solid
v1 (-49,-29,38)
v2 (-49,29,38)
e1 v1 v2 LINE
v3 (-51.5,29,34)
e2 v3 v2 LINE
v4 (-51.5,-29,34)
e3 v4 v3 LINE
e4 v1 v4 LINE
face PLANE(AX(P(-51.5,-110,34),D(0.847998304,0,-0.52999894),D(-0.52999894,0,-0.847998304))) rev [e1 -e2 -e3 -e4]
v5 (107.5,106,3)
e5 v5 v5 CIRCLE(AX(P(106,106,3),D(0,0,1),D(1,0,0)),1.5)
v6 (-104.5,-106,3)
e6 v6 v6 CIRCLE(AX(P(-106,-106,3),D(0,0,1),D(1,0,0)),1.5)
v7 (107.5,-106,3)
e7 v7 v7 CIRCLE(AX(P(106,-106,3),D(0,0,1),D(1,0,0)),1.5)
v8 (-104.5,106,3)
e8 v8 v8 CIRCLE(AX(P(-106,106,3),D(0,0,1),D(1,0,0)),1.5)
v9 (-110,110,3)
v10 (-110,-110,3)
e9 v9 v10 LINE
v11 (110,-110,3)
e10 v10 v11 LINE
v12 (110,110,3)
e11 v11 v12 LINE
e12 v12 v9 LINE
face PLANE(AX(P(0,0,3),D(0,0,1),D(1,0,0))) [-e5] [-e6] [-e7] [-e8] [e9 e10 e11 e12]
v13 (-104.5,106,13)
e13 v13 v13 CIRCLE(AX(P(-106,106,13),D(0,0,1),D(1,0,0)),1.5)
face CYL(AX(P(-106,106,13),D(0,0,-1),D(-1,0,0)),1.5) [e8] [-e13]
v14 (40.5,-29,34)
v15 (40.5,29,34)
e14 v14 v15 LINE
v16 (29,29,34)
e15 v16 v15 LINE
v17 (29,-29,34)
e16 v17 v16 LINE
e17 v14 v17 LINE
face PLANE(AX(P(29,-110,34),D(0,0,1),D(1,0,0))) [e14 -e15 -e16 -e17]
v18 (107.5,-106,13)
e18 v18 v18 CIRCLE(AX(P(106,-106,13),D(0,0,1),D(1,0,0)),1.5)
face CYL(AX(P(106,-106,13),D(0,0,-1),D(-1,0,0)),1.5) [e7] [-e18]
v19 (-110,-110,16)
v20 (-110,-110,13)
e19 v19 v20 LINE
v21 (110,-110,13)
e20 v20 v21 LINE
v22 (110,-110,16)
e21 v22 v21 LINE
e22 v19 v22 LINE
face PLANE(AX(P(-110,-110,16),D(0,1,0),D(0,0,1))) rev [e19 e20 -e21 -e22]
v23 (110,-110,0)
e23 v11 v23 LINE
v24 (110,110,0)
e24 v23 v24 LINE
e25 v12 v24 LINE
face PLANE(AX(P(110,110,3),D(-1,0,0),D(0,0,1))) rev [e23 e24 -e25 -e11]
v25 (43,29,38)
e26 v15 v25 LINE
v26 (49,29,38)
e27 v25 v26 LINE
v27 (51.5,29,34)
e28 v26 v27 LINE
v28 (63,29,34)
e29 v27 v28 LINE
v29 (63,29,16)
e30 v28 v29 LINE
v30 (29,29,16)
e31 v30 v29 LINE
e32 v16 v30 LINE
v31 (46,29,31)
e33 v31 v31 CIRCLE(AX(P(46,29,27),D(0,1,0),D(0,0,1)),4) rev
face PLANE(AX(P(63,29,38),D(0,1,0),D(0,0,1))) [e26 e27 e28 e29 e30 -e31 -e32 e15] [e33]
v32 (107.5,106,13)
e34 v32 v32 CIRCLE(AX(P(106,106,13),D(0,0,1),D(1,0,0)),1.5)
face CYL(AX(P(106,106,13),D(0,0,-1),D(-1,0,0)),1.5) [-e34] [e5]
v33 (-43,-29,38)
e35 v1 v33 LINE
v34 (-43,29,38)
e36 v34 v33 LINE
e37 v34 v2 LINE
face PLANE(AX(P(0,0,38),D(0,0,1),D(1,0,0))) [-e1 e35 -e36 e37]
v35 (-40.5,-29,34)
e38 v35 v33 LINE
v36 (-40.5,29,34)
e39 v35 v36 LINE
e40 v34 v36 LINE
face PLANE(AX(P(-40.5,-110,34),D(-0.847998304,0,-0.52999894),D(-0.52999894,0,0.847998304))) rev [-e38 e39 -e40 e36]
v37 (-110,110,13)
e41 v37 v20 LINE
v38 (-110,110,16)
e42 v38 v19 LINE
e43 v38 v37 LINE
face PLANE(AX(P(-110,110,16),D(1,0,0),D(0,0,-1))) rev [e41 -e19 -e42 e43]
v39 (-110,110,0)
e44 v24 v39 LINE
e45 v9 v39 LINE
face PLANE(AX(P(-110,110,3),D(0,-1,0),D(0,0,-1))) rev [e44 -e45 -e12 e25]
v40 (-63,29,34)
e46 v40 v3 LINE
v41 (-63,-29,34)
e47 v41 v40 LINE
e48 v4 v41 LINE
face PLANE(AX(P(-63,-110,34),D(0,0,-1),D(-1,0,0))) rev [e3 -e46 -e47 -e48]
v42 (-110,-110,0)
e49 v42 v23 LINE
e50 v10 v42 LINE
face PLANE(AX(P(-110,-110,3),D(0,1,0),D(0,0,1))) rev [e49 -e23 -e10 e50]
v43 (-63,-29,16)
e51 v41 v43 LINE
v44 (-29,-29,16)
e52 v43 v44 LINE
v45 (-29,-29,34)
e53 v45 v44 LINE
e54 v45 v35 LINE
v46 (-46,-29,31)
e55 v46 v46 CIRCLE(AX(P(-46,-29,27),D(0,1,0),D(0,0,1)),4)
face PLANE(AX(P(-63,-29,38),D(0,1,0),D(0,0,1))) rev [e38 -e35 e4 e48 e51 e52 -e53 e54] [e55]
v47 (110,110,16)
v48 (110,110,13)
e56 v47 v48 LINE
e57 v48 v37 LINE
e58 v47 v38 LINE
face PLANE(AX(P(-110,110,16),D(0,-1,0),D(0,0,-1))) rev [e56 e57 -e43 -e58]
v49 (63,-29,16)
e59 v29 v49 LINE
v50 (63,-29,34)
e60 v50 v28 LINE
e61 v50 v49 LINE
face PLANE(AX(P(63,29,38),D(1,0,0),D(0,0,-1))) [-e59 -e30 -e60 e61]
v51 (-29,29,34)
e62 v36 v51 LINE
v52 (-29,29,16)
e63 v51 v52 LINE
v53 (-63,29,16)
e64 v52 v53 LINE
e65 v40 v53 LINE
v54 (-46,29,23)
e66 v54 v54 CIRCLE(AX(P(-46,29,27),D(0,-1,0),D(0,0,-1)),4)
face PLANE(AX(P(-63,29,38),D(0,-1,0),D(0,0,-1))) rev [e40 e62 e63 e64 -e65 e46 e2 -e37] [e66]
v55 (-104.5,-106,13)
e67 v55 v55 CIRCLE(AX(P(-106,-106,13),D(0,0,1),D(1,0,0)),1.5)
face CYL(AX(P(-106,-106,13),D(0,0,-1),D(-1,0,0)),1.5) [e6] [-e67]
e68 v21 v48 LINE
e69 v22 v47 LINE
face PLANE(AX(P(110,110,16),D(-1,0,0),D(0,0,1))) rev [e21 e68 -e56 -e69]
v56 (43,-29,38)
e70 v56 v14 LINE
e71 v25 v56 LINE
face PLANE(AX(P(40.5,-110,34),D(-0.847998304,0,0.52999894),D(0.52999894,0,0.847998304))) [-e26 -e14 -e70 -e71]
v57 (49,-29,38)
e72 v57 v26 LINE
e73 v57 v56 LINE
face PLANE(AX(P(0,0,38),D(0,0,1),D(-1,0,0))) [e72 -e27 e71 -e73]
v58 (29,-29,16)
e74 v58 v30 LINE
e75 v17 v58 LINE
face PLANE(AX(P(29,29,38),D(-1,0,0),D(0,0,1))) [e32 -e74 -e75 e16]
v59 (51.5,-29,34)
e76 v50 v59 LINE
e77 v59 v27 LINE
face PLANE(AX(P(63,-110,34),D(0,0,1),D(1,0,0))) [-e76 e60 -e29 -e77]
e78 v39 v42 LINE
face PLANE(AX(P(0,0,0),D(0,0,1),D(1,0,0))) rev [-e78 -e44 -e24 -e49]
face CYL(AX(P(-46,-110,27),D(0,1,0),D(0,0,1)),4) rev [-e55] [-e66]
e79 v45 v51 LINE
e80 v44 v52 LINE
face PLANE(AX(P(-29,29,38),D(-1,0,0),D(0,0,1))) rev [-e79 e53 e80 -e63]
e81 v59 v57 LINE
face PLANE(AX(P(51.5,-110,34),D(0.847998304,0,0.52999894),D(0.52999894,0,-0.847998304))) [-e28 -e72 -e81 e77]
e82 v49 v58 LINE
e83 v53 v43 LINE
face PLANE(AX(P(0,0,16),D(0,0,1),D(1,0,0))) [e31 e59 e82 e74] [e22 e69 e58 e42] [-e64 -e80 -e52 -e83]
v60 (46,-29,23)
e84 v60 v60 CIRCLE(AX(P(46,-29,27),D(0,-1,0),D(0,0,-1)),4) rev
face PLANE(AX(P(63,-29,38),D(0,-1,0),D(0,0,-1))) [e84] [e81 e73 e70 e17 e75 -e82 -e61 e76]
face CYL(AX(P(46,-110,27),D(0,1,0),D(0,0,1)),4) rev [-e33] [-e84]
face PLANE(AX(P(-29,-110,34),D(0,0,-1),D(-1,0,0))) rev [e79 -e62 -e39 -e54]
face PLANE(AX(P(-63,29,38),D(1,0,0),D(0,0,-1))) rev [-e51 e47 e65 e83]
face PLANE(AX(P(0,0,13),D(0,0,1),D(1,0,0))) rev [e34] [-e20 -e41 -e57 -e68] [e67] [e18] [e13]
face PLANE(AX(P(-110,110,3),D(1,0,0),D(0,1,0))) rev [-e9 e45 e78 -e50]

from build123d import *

# Parameters (mm, degrees)
SKETCH_1_W          = 220
SKETCH_1_H          = 220
EXTRUDE_1_DEPTH     = 3
SKETCH_2_R          = 1.5
EXTRUDE_2_DEPTH     = 10
SKETCH_3_W          = 220
SKETCH_3_H          = 220
EXTRUDE_3_DEPTH     = 3
SKETCH_4_W          = 34
SKETCH_4_H          = 58
EXTRUDE_4_DEPTH     = 22
SKETCH_5_R          = 4
CUT_EXTRUDE_1_DEPTH = 182.287065176


with BuildPart() as part:
    # 草圖1 → 填料-伸長1 (new body)
    with BuildSketch(Plane.XY):
        Rectangle(SKETCH_1_W, SKETCH_1_H)
    extrude(amount=EXTRUDE_1_DEPTH)

    # 草圖2 → 填料-伸長2 (add)
    with BuildSketch(Plane.XY.offset(3)):
        with Locations((-106, 106)):
            Circle(SKETCH_2_R)
        with Locations((106, 106)):
            Circle(SKETCH_2_R)
        with Locations((106, -106)):
            Circle(SKETCH_2_R)
        with Locations((-106, -106)):
            Circle(SKETCH_2_R)
    extrude(amount=EXTRUDE_2_DEPTH)

    # 草圖3 → 填料-伸長3 (add)
    with BuildSketch(Plane.XY.offset(13)):
        Rectangle(SKETCH_3_W, SKETCH_3_H)
    extrude(amount=EXTRUDE_3_DEPTH)

    # 草圖4 → 填料-伸長4 (add)
    with BuildSketch(Plane.XY.offset(16)):
        with Locations((-46, 0)):
            Rectangle(SKETCH_4_W, SKETCH_4_H)
    extrude_4 = extrude(amount=EXTRUDE_4_DEPTH)

    # 草圖5 → 除料-伸長1 (cut, symmetric)
    with BuildSketch(Plane(origin=(0, 29, 0), x_dir=(1, 0, 0), z_dir=(0, 1, 0))):
        with Locations(Location((-46, -27, 0), (0, 0, 270))):
            Circle(SKETCH_5_R)
        Polygon((-63, -34), (-51.5, -34), (-49, -38), (-63, -38), align=None)
        Polygon((-29, -38), (-29, -34), (-40.5, -34), (-43, -38), align=None)
    cut_extrude_1 = extrude(amount=CUT_EXTRUDE_1_DEPTH, both=True, mode=Mode.SUBTRACT)

    # 鏡射1: 填料-伸長4, 除料-伸長1 across plane
    add(extrude_4.mirror(Plane(origin=(0, 0, 0), x_dir=(0, 0, 1), z_dir=(1, 0, 0))))
    add(cut_extrude_1.mirror(Plane(origin=(0, 0, 0), x_dir=(0, 0, 1), z_dir=(1, 0, 0))), mode=Mode.SUBTRACT)


solid = part.part
